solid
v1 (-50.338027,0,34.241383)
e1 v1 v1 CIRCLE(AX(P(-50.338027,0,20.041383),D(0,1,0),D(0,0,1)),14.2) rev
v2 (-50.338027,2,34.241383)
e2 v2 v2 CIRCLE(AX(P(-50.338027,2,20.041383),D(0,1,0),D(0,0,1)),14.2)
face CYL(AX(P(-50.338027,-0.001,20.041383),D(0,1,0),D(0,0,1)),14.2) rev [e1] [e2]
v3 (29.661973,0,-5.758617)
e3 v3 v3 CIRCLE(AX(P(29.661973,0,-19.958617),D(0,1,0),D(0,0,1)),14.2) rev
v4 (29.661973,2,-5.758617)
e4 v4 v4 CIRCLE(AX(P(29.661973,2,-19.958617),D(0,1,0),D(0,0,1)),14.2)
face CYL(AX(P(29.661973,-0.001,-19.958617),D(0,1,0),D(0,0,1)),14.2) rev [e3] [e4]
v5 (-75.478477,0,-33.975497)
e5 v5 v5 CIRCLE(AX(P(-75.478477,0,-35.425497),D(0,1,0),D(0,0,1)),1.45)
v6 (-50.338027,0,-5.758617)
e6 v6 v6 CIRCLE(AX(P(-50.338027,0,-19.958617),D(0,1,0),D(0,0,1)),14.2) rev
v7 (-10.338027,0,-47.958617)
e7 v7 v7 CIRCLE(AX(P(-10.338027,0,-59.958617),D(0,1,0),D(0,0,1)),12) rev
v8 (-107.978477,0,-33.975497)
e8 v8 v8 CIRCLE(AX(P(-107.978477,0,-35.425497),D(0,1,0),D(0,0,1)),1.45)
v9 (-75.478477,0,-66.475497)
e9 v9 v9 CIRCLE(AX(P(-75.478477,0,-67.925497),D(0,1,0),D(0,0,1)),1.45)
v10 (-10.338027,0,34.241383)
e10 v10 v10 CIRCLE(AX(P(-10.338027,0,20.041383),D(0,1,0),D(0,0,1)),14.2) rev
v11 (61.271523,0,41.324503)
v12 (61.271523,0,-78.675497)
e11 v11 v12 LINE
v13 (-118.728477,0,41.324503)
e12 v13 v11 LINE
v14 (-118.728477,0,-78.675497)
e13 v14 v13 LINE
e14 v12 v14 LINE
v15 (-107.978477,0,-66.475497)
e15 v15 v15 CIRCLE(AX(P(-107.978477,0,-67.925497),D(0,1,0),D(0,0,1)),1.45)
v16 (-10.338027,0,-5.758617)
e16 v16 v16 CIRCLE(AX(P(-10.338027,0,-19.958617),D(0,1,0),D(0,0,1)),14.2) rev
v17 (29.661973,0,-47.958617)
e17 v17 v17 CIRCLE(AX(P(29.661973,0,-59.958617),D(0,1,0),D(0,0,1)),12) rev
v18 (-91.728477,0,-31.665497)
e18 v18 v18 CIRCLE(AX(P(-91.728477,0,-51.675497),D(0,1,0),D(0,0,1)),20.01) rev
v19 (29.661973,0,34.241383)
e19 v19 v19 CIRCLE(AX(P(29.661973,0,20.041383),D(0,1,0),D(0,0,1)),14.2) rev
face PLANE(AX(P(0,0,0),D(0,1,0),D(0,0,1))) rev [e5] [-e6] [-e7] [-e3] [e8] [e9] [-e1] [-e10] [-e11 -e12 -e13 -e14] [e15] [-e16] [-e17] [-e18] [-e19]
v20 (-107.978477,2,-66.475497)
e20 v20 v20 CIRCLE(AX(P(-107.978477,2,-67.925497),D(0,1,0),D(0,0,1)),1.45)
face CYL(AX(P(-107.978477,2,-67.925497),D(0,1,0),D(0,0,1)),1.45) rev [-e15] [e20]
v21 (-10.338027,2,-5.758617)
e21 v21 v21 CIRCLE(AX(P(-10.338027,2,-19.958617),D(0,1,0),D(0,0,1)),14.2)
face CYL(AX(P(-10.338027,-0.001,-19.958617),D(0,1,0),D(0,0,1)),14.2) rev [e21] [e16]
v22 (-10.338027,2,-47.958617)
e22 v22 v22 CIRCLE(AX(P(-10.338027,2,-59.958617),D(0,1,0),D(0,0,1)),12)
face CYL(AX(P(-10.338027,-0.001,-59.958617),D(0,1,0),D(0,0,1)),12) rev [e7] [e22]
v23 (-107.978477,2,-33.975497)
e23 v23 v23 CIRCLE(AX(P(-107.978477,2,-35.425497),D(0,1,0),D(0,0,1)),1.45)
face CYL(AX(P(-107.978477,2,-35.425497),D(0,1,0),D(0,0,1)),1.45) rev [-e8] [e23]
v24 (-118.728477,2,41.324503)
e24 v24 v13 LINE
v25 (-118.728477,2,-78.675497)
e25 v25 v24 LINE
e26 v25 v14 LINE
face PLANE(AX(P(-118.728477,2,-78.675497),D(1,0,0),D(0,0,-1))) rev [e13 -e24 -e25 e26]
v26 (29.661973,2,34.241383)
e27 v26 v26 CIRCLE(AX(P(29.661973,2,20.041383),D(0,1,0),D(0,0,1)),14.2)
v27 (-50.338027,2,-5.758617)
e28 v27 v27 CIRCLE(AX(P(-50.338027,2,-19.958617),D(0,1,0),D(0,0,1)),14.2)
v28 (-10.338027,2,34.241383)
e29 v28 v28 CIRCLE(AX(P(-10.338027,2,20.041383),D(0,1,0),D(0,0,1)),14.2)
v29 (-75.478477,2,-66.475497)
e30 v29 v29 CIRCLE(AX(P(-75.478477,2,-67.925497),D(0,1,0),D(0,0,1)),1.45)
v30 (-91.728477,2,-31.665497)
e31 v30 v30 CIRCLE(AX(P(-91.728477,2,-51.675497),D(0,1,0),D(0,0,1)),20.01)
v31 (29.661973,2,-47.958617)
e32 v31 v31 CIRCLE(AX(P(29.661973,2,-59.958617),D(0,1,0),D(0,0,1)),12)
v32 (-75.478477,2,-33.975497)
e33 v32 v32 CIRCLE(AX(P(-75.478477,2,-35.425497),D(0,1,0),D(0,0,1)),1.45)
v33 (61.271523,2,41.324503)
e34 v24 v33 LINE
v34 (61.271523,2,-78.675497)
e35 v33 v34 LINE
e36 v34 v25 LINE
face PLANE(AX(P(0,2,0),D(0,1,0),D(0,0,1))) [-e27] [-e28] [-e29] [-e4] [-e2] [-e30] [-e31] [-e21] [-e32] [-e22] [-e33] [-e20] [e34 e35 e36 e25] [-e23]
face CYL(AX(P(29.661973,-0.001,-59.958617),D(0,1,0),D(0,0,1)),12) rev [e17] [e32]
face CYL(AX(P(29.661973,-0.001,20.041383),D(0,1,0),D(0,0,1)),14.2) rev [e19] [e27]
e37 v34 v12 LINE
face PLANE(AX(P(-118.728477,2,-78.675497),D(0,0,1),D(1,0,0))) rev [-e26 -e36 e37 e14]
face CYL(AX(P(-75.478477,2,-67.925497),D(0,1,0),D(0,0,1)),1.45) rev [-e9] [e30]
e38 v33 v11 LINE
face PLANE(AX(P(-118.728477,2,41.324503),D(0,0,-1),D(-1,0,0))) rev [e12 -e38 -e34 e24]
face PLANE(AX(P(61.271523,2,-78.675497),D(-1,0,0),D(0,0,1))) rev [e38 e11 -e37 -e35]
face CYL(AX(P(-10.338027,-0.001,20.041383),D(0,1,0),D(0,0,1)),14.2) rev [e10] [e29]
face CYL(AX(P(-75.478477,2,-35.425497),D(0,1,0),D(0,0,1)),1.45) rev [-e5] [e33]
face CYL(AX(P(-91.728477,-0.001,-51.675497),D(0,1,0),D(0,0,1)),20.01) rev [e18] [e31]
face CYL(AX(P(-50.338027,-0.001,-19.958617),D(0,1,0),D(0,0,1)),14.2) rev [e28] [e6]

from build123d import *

# Parameters (mm, degrees)
SKETCH1_W              = 180
SKETCH1_H              = 120
BOSS_EXTRUDE1_DEPTH    = 2
BUTTON_HOLES_CUT_REACH = 144.444
SKETCH2_R              = 14.2
SKETCH2_R_2            = 12
SKETCH2_R_3            = 20.01
M2_5_CLEARANCE_HOLE1_D = 2.9


with BuildPart() as part:
    # Sketch1 → Boss-Extrude1 (new body)
    with BuildSketch(Plane(origin=(0, 0, 0), x_dir=(1, 0, 0), z_dir=(0, 1, 0))):
        with Locations((-28.728476821, 18.675496689)):
            Rectangle(SKETCH1_W, SKETCH1_H)
    extrude(amount=BOSS_EXTRUDE1_DEPTH)

    # Sketch2 → button_holes_cut (cut, up to next)
    with BuildSketch(Plane(origin=(0, 2, 0), x_dir=(1, 0, 0), z_dir=(0, 1, 0)), mode=Mode.PRIVATE) as button_holes_cut_sk1:
        with Locations(Location((-50.338026535, -20.041382951, 0), (0, 0, 270))):
            Circle(SKETCH2_R)
    button_holes_cut_tool1 = extrude(button_holes_cut_sk1.sketch, amount=-BUTTON_HOLES_CUT_REACH, mode=Mode.PRIVATE) & part.part
    # Sketch2 → button_holes_cut (cut, up to next)
    with BuildSketch(Plane(origin=(0, 2, 0), x_dir=(1, 0, 0), z_dir=(0, 1, 0)), mode=Mode.PRIVATE) as button_holes_cut_sk2:
        with Locations(Location((29.661973465, 59.958617049, 0), (0, 0, 270))):
            Circle(SKETCH2_R_2)
    button_holes_cut_tool2 = extrude(button_holes_cut_sk2.sketch, amount=-BUTTON_HOLES_CUT_REACH, mode=Mode.PRIVATE) & part.part
    # Sketch2 → button_holes_cut (cut, up to next)
    with BuildSketch(Plane(origin=(0, 2, 0), x_dir=(1, 0, 0), z_dir=(0, 1, 0)), mode=Mode.PRIVATE) as button_holes_cut_sk3:
        with Locations(Location((-10.338026535, 59.958617049, 0), (0, 0, 270))):
            Circle(SKETCH2_R_2)
    button_holes_cut_tool3 = extrude(button_holes_cut_sk3.sketch, amount=-BUTTON_HOLES_CUT_REACH, mode=Mode.PRIVATE) & part.part
    # Sketch2 → button_holes_cut (cut, up to next)
    with BuildSketch(Plane(origin=(0, 2, 0), x_dir=(1, 0, 0), z_dir=(0, 1, 0)), mode=Mode.PRIVATE) as button_holes_cut_sk4:
        with Locations(Location((-10.338026535, -20.041382951, 0), (0, 0, 270))):
            Circle(SKETCH2_R)
    button_holes_cut_tool4 = extrude(button_holes_cut_sk4.sketch, amount=-BUTTON_HOLES_CUT_REACH, mode=Mode.PRIVATE) & part.part
    # Sketch2 → button_holes_cut (cut, up to next)
    with BuildSketch(Plane(origin=(0, 2, 0), x_dir=(1, 0, 0), z_dir=(0, 1, 0)), mode=Mode.PRIVATE) as button_holes_cut_sk5:
        with Locations(Location((29.661973465, -20.041382951, 0), (0, 0, 270))):
            Circle(SKETCH2_R)
    button_holes_cut_tool5 = extrude(button_holes_cut_sk5.sketch, amount=-BUTTON_HOLES_CUT_REACH, mode=Mode.PRIVATE) & part.part
    # Sketch2 → button_holes_cut (cut, up to next)
    with BuildSketch(Plane(origin=(0, 2, 0), x_dir=(1, 0, 0), z_dir=(0, 1, 0)), mode=Mode.PRIVATE) as button_holes_cut_sk6:
        with Locations(Location((-50.338026535, 19.958617049, 0), (0, 0, 270))):
            Circle(SKETCH2_R)
    button_holes_cut_tool6 = extrude(button_holes_cut_sk6.sketch, amount=-BUTTON_HOLES_CUT_REACH, mode=Mode.PRIVATE) & part.part
    # Sketch2 → button_holes_cut (cut, up to next)
    with BuildSketch(Plane(origin=(0, 2, 0), x_dir=(1, 0, 0), z_dir=(0, 1, 0)), mode=Mode.PRIVATE) as button_holes_cut_sk7:
        with Locations(Location((-10.338026535, 19.958617049, 0), (0, 0, 270))):
            Circle(SKETCH2_R)
    button_holes_cut_tool7 = extrude(button_holes_cut_sk7.sketch, amount=-BUTTON_HOLES_CUT_REACH, mode=Mode.PRIVATE) & part.part
    # Sketch2 → button_holes_cut (cut, up to next)
    with BuildSketch(Plane(origin=(0, 2, 0), x_dir=(1, 0, 0), z_dir=(0, 1, 0)), mode=Mode.PRIVATE) as button_holes_cut_sk8:
        with Locations(Location((29.661973465, 19.958617049, 0), (0, 0, 270))):
            Circle(SKETCH2_R)
    button_holes_cut_tool8 = extrude(button_holes_cut_sk8.sketch, amount=-BUTTON_HOLES_CUT_REACH, mode=Mode.PRIVATE) & part.part
    # Sketch2 → button_holes_cut (cut, up to next)
    with BuildSketch(Plane(origin=(0, 2, 0), x_dir=(1, 0, 0), z_dir=(0, 1, 0)), mode=Mode.PRIVATE) as button_holes_cut_sk9:
        with Locations(Location((-91.728476821, 51.675496689, 0), (0, 0, 270))):
            Circle(SKETCH2_R_3)
    button_holes_cut_tool9 = extrude(button_holes_cut_sk9.sketch, amount=-BUTTON_HOLES_CUT_REACH, mode=Mode.PRIVATE) & part.part
    add(button_holes_cut_tool1.solids().sort_by_distance((-50.338027, 2, 20.041383))[0], mode=Mode.SUBTRACT)
    add(button_holes_cut_tool2.solids().sort_by_distance((29.661973, 2, -59.958617))[0], mode=Mode.SUBTRACT)
    add(button_holes_cut_tool3.solids().sort_by_distance((-10.338027, 2, -59.958617))[0], mode=Mode.SUBTRACT)
    add(button_holes_cut_tool4.solids().sort_by_distance((-10.338027, 2, 20.041383))[0], mode=Mode.SUBTRACT)
    add(button_holes_cut_tool5.solids().sort_by_distance((29.661973, 2, 20.041383))[0], mode=Mode.SUBTRACT)
    add(button_holes_cut_tool6.solids().sort_by_distance((-50.338027, 2, -19.958617))[0], mode=Mode.SUBTRACT)
    add(button_holes_cut_tool7.solids().sort_by_distance((-10.338027, 2, -19.958617))[0], mode=Mode.SUBTRACT)
    add(button_holes_cut_tool8.solids().sort_by_distance((29.661973, 2, -19.958617))[0], mode=Mode.SUBTRACT)
    add(button_holes_cut_tool9.solids().sort_by_distance((-91.728477, 2, -51.675497))[0], mode=Mode.SUBTRACT)

    # M2.5 Clearance Hole1 (through all)
    with Locations(Plane(origin=(0, 2, 0), x_dir=(1, 0, 0), z_dir=(0, 1, 0))):
        with Locations((-91.728476821, 51.675496689), (-75.478476821, 67.925496689), (-107.978476821, 67.925496689), (-75.478476821, 35.425496689), (-107.978476821, 35.425496689)):
            Hole(M2_5_CLEARANCE_HOLE1_D / 2)


solid = part.part
